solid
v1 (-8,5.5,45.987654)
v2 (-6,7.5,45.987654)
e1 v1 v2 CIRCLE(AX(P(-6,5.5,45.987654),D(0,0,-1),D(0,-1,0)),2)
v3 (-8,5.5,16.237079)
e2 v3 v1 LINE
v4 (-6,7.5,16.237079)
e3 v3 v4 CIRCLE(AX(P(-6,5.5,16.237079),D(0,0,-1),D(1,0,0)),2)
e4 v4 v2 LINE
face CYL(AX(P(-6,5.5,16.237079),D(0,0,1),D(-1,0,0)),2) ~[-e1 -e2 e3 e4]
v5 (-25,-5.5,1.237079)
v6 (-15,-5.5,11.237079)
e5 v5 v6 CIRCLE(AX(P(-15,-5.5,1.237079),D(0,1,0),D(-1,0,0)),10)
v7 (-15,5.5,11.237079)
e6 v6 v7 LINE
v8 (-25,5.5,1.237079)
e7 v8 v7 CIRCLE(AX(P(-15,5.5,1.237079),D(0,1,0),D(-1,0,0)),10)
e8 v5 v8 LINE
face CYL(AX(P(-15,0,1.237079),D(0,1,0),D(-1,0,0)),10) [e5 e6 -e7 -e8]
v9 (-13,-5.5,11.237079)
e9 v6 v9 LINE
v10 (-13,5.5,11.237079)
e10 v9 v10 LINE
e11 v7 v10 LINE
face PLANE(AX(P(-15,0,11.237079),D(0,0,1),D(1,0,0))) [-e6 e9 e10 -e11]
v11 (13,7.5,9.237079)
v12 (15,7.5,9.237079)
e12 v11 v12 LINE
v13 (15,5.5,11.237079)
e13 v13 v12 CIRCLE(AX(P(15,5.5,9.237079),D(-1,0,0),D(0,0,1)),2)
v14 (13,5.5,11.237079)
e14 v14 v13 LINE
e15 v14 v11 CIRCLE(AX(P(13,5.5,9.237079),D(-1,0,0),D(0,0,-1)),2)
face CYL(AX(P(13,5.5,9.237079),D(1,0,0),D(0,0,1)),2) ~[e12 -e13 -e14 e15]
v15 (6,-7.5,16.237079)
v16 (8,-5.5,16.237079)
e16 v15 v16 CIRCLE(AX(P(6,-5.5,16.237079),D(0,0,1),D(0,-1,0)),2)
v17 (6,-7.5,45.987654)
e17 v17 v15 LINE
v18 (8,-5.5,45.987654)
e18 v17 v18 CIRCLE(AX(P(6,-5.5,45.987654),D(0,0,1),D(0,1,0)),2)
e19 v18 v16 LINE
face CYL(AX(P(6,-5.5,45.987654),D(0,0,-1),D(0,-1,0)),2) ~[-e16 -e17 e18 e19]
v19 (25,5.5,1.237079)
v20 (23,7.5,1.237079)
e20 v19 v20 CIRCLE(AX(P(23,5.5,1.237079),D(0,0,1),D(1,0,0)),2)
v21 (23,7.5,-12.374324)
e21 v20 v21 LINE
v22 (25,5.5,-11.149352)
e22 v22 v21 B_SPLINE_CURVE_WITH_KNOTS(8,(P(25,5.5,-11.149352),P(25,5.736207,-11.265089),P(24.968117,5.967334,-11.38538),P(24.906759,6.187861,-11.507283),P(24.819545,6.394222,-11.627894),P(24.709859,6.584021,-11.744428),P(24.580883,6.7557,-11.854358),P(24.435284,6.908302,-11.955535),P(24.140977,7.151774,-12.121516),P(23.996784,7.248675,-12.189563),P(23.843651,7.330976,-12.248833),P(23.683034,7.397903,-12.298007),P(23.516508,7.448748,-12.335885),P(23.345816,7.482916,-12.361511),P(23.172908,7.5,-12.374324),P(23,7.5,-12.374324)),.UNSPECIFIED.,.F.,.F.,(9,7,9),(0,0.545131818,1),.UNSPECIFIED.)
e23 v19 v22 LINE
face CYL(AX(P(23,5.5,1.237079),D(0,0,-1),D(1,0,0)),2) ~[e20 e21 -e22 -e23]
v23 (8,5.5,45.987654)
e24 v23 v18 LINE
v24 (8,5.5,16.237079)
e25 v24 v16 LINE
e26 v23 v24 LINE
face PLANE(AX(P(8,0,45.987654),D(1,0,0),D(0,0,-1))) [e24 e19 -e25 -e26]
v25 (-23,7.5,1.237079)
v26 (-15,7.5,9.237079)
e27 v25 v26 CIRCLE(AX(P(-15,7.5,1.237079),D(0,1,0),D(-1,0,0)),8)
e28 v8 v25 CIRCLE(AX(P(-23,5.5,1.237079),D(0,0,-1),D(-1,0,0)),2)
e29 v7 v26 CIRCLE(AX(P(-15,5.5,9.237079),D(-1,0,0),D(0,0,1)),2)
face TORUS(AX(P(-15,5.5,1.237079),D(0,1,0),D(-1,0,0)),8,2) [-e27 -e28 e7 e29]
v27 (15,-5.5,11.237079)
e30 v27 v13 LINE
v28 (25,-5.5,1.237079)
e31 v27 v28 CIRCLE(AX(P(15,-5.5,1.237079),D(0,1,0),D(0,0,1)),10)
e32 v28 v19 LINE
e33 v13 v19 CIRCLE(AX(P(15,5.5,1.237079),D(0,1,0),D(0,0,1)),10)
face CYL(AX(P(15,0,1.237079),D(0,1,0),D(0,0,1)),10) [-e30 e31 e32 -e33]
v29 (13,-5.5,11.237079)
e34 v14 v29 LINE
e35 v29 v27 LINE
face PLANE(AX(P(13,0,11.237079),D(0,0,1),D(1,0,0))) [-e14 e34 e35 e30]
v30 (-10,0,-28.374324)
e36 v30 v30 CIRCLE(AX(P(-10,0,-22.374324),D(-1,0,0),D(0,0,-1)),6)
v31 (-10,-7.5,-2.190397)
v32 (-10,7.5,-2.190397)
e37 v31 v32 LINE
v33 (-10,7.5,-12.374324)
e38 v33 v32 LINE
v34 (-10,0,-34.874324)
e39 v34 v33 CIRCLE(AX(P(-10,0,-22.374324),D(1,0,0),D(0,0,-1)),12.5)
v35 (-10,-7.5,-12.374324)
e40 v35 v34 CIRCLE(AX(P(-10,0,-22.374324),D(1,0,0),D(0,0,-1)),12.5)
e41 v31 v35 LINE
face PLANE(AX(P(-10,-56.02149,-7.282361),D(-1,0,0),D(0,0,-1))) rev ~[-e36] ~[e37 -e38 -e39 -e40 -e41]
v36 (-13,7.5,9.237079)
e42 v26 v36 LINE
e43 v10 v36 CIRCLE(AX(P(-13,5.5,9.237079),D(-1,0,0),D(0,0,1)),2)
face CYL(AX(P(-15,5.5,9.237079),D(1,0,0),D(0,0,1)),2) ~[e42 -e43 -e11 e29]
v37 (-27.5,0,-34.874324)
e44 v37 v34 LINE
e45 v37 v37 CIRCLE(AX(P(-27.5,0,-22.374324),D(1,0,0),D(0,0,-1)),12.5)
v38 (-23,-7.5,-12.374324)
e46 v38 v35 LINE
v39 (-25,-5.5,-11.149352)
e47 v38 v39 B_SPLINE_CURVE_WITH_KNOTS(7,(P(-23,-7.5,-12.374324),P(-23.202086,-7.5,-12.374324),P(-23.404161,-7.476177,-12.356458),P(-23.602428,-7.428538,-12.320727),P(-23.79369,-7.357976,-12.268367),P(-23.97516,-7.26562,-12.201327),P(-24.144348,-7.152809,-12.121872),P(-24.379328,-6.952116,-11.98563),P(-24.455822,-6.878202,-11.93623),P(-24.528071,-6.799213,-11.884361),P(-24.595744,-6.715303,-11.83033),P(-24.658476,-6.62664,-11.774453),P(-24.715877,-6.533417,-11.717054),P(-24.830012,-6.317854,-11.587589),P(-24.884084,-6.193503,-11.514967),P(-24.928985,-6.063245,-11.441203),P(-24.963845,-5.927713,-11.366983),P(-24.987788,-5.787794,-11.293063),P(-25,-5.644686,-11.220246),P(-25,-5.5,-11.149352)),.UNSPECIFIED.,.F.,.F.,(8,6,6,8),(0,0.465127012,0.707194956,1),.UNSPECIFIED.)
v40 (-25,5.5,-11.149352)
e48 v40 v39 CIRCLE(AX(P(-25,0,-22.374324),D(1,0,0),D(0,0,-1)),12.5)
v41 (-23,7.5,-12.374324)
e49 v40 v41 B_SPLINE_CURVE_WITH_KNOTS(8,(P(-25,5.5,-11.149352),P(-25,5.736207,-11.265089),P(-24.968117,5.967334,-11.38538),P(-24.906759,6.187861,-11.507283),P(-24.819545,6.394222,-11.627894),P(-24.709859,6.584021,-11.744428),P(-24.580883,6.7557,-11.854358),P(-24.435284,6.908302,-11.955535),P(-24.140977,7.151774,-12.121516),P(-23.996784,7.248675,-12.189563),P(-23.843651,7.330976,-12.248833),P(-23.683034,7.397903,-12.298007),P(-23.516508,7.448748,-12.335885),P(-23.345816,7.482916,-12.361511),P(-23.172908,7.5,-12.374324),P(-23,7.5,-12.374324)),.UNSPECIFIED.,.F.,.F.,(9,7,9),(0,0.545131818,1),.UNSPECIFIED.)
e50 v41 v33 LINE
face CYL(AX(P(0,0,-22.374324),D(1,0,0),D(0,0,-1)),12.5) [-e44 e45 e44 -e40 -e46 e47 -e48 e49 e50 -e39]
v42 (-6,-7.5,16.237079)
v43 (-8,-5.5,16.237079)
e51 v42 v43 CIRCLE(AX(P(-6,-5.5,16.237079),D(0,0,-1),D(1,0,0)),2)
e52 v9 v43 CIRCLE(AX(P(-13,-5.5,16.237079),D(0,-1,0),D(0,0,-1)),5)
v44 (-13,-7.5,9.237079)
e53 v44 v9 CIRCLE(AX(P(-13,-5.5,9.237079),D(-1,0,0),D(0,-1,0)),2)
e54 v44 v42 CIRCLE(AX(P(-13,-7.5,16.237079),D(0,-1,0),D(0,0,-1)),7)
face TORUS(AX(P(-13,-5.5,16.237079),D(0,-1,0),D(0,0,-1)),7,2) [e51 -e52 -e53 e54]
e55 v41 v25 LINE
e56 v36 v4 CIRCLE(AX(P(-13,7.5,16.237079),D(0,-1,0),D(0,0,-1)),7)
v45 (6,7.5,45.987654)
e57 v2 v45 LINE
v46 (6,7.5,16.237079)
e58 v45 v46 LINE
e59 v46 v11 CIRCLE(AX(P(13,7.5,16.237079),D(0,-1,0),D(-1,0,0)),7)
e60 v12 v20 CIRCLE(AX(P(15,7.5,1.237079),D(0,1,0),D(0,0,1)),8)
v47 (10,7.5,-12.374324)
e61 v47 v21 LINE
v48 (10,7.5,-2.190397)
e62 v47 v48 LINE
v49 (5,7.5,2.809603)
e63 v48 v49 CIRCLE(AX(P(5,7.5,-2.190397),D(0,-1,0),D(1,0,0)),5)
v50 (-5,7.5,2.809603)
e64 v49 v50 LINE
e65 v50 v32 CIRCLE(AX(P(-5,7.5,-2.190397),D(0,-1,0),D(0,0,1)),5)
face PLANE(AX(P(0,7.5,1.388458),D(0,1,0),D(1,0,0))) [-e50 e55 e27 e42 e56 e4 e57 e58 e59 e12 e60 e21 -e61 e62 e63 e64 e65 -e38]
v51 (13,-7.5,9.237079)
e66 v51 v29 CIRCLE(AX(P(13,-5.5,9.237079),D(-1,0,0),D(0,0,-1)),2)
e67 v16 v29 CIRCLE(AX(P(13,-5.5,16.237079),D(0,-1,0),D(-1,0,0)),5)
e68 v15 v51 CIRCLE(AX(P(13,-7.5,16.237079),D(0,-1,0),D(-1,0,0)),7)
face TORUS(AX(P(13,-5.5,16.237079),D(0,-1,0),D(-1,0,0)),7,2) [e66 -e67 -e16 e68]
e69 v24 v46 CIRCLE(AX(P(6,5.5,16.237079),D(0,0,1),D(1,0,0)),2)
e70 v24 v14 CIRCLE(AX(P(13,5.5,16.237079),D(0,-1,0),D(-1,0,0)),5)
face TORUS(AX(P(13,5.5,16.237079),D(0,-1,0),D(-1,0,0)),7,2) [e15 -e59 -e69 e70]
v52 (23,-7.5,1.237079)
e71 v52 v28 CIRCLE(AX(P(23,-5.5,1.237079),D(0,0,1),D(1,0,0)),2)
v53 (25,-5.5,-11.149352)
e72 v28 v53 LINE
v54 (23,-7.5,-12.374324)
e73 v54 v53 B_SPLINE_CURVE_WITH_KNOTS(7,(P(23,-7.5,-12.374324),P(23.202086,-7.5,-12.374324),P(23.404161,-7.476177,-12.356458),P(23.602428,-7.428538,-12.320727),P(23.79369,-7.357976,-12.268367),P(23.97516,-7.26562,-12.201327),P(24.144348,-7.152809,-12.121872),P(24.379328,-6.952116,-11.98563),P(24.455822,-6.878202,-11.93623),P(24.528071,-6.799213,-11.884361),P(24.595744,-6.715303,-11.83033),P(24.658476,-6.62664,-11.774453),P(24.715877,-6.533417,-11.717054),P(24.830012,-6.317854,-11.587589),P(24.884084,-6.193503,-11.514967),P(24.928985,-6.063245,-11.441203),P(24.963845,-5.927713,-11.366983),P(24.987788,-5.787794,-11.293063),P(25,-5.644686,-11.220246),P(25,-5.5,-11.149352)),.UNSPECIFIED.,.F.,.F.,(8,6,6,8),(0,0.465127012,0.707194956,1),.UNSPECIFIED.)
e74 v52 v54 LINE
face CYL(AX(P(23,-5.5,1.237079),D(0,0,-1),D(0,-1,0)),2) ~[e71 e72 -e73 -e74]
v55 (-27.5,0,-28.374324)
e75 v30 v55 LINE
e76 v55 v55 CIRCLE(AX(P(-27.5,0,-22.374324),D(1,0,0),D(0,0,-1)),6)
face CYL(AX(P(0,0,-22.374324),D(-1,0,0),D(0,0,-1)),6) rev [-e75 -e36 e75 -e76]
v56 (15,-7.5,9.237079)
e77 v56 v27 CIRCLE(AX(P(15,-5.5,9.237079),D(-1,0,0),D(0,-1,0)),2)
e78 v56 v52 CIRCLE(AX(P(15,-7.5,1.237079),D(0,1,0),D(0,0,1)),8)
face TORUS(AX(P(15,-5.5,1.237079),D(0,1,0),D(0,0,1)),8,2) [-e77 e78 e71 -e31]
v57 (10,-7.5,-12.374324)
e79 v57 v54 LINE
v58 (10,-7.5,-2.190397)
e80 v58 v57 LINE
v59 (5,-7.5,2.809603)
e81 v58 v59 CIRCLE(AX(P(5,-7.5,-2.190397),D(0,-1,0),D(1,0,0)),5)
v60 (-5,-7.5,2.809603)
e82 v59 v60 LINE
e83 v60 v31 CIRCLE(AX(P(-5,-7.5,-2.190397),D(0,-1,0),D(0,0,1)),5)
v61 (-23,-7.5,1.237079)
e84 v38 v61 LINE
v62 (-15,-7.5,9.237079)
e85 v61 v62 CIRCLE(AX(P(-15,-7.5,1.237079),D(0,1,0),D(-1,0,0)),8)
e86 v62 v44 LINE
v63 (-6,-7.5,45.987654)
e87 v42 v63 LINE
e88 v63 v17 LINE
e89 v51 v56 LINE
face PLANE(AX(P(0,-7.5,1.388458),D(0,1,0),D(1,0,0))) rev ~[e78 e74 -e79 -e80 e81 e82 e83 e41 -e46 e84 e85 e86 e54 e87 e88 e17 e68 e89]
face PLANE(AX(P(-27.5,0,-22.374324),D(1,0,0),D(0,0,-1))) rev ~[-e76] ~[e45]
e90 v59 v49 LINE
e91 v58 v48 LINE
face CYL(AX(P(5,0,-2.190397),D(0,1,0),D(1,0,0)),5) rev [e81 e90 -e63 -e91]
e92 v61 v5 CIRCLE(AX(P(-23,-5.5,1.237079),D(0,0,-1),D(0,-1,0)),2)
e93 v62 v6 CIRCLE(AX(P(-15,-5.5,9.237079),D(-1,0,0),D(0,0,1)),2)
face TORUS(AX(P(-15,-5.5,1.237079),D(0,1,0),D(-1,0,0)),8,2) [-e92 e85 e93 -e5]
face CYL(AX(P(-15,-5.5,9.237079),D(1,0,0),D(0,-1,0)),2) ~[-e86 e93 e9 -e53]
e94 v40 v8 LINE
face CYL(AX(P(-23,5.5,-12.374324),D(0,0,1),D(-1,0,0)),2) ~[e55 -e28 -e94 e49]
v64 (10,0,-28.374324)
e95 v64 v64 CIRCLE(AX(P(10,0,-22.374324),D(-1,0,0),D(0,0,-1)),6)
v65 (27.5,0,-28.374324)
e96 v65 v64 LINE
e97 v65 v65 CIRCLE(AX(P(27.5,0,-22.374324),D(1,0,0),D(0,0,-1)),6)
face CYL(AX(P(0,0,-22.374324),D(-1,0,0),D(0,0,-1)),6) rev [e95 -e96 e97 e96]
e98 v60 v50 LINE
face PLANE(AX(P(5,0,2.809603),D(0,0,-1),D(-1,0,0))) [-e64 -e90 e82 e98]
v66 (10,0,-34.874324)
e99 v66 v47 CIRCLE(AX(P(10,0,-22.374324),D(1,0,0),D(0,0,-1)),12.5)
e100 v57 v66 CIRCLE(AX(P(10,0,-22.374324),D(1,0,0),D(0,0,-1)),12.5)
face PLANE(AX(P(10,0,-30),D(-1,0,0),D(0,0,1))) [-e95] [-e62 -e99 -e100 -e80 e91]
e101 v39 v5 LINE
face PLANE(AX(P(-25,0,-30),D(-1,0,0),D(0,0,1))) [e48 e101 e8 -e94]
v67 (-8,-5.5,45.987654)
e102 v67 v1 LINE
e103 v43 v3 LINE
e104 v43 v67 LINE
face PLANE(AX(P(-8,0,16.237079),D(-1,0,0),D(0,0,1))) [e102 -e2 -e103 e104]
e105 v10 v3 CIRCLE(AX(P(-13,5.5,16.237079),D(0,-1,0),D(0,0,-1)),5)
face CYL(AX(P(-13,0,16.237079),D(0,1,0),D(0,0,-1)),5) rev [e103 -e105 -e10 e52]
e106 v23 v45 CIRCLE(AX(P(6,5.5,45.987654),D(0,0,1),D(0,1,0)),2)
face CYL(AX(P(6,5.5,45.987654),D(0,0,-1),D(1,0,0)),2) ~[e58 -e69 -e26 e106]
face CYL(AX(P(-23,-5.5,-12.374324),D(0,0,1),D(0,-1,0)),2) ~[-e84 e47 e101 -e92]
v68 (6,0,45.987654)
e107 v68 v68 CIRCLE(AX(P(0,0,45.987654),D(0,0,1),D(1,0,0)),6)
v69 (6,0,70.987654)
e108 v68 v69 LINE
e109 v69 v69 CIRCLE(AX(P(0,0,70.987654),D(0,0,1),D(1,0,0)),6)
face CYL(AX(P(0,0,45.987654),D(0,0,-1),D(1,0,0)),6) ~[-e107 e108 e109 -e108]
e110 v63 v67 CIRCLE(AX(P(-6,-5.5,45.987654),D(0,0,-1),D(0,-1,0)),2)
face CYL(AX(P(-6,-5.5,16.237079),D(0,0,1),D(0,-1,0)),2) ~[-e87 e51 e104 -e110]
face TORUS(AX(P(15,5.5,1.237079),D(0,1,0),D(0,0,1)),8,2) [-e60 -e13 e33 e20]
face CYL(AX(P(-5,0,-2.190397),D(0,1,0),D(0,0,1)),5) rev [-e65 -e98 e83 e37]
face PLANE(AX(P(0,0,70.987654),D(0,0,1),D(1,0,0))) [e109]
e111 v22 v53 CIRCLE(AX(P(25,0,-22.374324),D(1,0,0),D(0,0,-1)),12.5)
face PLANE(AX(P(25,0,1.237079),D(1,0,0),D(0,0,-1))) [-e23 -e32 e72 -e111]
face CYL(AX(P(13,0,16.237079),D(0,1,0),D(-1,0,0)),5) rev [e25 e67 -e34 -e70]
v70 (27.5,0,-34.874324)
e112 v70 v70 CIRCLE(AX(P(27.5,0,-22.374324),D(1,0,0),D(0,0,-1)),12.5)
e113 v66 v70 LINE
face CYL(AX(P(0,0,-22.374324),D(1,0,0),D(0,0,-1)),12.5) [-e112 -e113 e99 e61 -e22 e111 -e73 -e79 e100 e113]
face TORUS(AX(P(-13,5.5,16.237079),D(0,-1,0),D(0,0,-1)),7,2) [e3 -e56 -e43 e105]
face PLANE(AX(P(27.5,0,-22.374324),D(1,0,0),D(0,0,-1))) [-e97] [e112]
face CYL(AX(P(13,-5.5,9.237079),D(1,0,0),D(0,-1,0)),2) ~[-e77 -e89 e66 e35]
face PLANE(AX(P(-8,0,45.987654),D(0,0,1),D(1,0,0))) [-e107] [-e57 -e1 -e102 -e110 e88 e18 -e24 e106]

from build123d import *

# Parameters (mm, degrees)
BOSS_EXTRUDE1_DEPTH     = 7.5
SKETCH2_R               = 12.5
SKETCH2_R_2             = 6
BOSS_EXTRUDE2_DEPTH     = 27.5
CUT_EXTRUDE1_DEPTH      = 56.021489892
CUT_EXTRUDE1_DEPTH_BACK = 56.021489892
SKETCH2_3_R             = 6
CUT_EXTRUDE2_DEPTH      = 56.021489892
CUT_EXTRUDE2_DEPTH_BACK = 56.021489892
SKETCH3_W               = 20
SKETCH3_H               = 27.591963828
FILLET1_R               = 2
SKETCH4_R               = 6
BOSS_EXTRUDE3_DEPTH     = 25


with BuildPart() as part:
    # Sketch1 → Boss-Extrude1 (new, symmetric)
    with BuildSketch(Plane(origin=(0, 0, 0), x_dir=(1, 0, 0), z_dir=(0, 1, 0))):
        with BuildLine():
            Line((13, -11.237079071), (15, -11.237079071))
            ThreePointArc((15, -11.237079071), (22.071067812, -8.308146883), (25, -1.237079071))
            Line((25, -1.237079071), (25, 2.345679012))
            Line((25, 2.345679012), (25, 30))
            Line((25, 30), (10, 30))
            Line((10, 30), (10, 2.190396801))
            ThreePointArc((10, 2.190396801), (8.535533906, -1.345137105), (5, -2.809603199))
            Line((5, -2.809603199), (-5, -2.809603199))
            ThreePointArc((-5, -2.809603199), (-8.535533906, -1.345137105), (-10, 2.190396801))
            Line((-10, 2.190396801), (-10, 30))
            Line((-10, 30), (-25, 30))
            Line((-25, 30), (-25, 2.345679012))
            Line((-25, 2.345679012), (-25, -1.237079071))
            ThreePointArc((-25, -1.237079071), (-22.071067812, -8.308146883), (-15, -11.237079071))
            Line((-15, -11.237079071), (-13, -11.237079071))
            ThreePointArc((-13, -11.237079071), (-9.464466094, -12.701545165), (-8, -16.237079071))
            Line((-8, -16.237079071), (-8, -45.987654321))
            Line((-8, -45.987654321), (8, -45.987654321))
            Line((8, -45.987654321), (8, -16.237079071))
            ThreePointArc((8, -16.237079071), (9.464466094, -12.701545165), (13, -11.237079071))
        make_face()
    extrude(amount=BOSS_EXTRUDE1_DEPTH, both=True)

    # Sketch2 → Boss-Extrude2 (add, symmetric)
    with BuildSketch(Plane(origin=(0, 0, 0), x_dir=(0, 0, -1), z_dir=(1, 0, 0))):
        with Locations((22.374324457, 0)):
            Circle(SKETCH2_R)
        with Locations((22.374324457, 0)):
            Circle(SKETCH2_R_2, mode=Mode.SUBTRACT)
    extrude(amount=BOSS_EXTRUDE2_DEPTH, both=True)

    # Sketch2<3> → Cut-Extrude1 (cut, two sides: drawn at the far end of the back side and taken through both)
    with BuildSketch(Plane(origin=(0, 0, 0), x_dir=(0, 0, -1), z_dir=(1, 0, 0)).offset(-CUT_EXTRUDE1_DEPTH_BACK)):
        with Locations((22.374324457, 0)):
            Circle(SKETCH2_3_R)
    extrude(amount=CUT_EXTRUDE1_DEPTH + CUT_EXTRUDE1_DEPTH_BACK, mode=Mode.SUBTRACT)

    # Sketch3 → Cut-Extrude2 (cut, two sides: drawn at the far end of the back side and taken through both)
    with BuildSketch(Plane(origin=(0, 0, 0), x_dir=(1, 0, 0), z_dir=(0, 1, 0)).offset(-CUT_EXTRUDE2_DEPTH_BACK)):
        with Locations((0, 21.078342543)):
            Rectangle(SKETCH3_W, SKETCH3_H)
    extrude(amount=CUT_EXTRUDE2_DEPTH + CUT_EXTRUDE2_DEPTH_BACK, mode=Mode.SUBTRACT)

    # Fillet1
    fillet1_edges = [part.edges().sort_by_distance(p)[0] for p in [
        (-25, -7.5, -5.568622693),
        (-8, -7.5, 31.112366696),
        (-9.464466094, -7.5, 12.701545165),
        (-14, -7.5, 11.237079071),
        (8, -7.5, 31.112366696),
        (9.464466094, -7.5, 12.701545165),
        (14, -7.5, 11.237079071),
        (25, -7.5, -5.568622693),
        (-25, 7.5, -5.568622693),
        (-8, 7.5, 31.112366696),
        (-9.464466094, 7.5, 12.701545165),
        (-14, 7.5, 11.237079071),
        (8, 7.5, 31.112366696),
        (9.464466094, 7.5, 12.701545165),
        (14, 7.5, 11.237079071),
        (25, 7.5, -5.568622693),
        (-22.071067812, -7.5, 8.308146883),
        (22.071067812, -7.5, 8.308146883),
        (-22.071067812, 7.5, 8.308146883),
        (22.071067812, 7.5, 8.308146883),
    ]]
    fillet(fillet1_edges, radius=FILLET1_R)

    # Sketch4 → Boss-Extrude3 (add)
    with BuildSketch(Plane.XY.offset(45.987654321)):
        Circle(SKETCH4_R)
    extrude(amount=BOSS_EXTRUDE3_DEPTH)


solid = part.part
